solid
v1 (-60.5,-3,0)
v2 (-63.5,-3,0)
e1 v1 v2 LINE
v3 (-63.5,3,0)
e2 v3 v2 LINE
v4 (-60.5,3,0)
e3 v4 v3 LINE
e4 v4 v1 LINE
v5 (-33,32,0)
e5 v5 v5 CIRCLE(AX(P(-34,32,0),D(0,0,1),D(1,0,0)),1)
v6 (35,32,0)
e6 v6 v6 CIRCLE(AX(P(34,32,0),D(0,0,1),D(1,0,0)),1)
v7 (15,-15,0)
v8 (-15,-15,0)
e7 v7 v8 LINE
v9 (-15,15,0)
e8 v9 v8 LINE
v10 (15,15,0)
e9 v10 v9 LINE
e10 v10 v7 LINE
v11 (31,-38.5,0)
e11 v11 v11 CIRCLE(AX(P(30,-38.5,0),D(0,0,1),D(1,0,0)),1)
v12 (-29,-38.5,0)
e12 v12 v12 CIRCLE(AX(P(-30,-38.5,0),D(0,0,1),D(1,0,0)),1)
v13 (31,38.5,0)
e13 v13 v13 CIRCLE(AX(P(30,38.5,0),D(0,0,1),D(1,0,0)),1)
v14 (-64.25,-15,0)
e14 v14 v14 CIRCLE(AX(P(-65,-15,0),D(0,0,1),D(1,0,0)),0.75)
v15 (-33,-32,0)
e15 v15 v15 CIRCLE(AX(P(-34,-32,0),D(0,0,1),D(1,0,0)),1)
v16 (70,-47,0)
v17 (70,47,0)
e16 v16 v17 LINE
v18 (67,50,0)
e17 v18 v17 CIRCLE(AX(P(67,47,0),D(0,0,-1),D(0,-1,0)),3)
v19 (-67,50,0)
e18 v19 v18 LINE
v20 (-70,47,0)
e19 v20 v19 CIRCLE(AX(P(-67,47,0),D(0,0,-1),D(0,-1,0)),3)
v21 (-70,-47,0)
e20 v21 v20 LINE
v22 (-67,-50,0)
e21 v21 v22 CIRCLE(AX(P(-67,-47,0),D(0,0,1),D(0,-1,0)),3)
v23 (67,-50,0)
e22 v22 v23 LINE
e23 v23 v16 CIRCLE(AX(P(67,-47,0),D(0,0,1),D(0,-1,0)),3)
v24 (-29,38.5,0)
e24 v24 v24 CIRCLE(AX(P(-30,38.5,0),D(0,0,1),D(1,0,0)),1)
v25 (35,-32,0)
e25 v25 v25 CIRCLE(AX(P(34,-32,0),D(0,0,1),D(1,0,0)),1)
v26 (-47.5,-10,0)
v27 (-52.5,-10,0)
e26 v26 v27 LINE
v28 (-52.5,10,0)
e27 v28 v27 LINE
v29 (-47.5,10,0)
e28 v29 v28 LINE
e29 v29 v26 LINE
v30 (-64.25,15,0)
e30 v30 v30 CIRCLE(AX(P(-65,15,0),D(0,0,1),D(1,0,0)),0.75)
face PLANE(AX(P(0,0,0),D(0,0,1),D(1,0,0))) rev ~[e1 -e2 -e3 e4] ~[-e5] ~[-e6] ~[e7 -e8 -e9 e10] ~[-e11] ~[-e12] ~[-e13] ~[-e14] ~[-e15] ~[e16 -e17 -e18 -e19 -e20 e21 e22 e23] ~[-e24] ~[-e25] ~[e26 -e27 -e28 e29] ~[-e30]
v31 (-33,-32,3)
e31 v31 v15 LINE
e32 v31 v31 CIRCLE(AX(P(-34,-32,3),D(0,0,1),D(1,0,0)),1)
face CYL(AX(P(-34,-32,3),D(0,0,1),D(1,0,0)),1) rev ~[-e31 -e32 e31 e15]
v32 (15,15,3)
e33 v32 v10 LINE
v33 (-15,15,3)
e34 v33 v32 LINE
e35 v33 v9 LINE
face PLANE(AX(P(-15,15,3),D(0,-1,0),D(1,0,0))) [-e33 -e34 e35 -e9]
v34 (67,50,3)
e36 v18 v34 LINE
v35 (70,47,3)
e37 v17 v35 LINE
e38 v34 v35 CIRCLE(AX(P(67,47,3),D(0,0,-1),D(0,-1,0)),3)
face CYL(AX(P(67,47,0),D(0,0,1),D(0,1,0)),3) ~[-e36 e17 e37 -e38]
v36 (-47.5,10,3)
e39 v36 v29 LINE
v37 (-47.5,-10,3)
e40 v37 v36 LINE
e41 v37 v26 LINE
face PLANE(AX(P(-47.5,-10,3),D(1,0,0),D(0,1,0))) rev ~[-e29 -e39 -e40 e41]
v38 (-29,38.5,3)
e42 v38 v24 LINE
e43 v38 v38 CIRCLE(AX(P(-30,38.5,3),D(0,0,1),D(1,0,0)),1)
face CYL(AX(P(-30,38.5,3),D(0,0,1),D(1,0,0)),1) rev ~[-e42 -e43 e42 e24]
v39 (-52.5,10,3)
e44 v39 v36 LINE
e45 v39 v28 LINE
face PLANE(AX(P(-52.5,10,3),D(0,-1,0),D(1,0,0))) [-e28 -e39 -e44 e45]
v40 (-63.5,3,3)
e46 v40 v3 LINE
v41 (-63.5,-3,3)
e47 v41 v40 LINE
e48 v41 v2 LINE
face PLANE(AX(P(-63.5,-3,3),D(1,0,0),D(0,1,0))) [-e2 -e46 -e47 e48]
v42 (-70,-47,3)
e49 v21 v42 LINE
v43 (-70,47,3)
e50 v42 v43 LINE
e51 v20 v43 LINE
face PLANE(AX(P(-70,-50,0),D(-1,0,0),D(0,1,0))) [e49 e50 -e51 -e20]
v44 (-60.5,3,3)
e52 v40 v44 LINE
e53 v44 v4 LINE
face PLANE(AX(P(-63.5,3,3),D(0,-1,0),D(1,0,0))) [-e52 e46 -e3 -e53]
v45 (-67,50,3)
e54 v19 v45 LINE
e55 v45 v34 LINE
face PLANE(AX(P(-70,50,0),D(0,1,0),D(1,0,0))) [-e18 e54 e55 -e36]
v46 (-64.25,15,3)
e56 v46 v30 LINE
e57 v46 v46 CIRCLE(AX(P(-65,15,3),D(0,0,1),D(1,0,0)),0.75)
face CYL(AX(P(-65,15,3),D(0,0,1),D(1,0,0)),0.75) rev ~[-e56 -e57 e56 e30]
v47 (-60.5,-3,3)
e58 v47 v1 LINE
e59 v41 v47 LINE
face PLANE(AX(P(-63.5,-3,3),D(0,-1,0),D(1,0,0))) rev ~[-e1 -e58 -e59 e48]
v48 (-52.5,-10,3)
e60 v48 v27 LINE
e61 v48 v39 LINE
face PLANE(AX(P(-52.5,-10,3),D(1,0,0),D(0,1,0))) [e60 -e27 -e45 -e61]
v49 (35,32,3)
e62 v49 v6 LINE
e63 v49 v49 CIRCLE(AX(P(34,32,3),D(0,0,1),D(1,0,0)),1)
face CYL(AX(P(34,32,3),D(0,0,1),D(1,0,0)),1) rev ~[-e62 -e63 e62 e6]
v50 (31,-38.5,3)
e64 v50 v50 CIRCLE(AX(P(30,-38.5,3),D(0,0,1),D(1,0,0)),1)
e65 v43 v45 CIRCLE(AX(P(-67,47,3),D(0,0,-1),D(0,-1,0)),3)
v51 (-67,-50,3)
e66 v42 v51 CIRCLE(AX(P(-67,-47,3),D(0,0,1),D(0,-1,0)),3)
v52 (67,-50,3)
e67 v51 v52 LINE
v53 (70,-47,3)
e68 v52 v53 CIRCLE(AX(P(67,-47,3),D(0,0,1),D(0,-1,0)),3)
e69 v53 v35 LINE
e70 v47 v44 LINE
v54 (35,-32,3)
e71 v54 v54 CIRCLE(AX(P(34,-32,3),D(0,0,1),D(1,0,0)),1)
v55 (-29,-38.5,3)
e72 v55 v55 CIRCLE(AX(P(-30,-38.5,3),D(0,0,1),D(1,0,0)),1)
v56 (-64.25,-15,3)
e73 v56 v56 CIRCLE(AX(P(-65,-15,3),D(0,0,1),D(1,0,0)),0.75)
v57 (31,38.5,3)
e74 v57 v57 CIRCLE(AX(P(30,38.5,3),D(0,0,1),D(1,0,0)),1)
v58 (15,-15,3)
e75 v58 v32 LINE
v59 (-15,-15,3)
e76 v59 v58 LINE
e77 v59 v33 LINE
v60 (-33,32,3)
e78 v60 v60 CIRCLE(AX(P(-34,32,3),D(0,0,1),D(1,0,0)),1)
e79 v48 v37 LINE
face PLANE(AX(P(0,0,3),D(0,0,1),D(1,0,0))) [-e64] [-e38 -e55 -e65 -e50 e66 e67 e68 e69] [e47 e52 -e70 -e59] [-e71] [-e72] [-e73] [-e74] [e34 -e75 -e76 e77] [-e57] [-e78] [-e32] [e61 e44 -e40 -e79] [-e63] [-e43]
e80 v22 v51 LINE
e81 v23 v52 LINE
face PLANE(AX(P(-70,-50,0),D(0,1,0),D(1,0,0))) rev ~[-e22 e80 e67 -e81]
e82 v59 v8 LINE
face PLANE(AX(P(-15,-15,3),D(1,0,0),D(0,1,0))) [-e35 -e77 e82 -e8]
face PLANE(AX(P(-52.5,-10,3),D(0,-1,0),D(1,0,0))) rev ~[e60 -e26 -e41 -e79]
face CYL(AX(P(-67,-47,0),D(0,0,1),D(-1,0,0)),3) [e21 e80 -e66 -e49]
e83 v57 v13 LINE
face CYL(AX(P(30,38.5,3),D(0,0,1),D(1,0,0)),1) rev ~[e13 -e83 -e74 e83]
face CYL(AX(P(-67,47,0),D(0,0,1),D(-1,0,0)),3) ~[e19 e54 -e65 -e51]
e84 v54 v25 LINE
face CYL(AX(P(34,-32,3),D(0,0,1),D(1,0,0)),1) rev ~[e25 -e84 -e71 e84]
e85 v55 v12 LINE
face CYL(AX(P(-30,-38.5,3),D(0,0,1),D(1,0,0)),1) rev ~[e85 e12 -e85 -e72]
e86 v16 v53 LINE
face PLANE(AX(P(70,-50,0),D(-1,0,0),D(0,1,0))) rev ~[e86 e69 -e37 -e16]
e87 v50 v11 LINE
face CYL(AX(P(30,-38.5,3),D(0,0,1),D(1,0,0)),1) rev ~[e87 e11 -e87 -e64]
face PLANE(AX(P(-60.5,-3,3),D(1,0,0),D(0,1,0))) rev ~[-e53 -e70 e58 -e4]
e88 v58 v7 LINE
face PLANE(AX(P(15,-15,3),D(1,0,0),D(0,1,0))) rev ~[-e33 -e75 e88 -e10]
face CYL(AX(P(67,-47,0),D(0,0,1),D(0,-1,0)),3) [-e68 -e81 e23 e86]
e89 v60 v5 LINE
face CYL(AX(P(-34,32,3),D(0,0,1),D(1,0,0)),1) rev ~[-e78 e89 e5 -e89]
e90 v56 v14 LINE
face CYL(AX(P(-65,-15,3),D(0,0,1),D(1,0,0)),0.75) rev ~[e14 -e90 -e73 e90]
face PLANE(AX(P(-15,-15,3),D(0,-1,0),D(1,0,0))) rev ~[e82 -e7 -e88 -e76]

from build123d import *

# Parameters (mm, degrees)
SKETCH1_W           = 140
SKETCH1_H           = 100
BOSS_EXTRUDE1_DEPTH = 3
SKETCH2_R           = 1
CUT_EXTRUDE1_DEPTH  = 3
CUT_EXTRUDE2_REACH  = 88.076
SKETCH3_R           = 1
CUT_EXTRUDE3_REACH  = 88.076
SKETCH4_R           = 0.75
SKETCH4_W           = 30
SKETCH4_H           = 30
FILLET1_R           = 3
CUT_EXTRUDE4_REACH  = 88.076
SKETCH5_W           = 5
SKETCH5_H           = 20
CUT_EXTRUDE5_REACH  = 88.076
SKETCH6_W           = 3
SKETCH6_H           = 6


with BuildPart() as part:
    # Sketch1 → Boss-Extrude1 (new body)
    with BuildSketch(Plane.XY):
        Rectangle(SKETCH1_W, SKETCH1_H)
    extrude(amount=BOSS_EXTRUDE1_DEPTH)

    # Sketch2 → Cut-Extrude1 (cut)
    with BuildSketch(Plane.XY.offset(3)):
        with Locations((30, 38.5)):
            Circle(SKETCH2_R)
        with Locations((-30, 38.5)):
            Circle(SKETCH2_R)
        with Locations((30, -38.5)):
            Circle(SKETCH2_R)
        with Locations((-30, -38.5)):
            Circle(SKETCH2_R)
    extrude(amount=-CUT_EXTRUDE1_DEPTH, mode=Mode.SUBTRACT)

    # Sketch3 → Cut-Extrude2 (cut, up to next)
    with BuildSketch(Plane.XY.offset(3), mode=Mode.PRIVATE) as cut_extrude2_sk1:
        with Locations((34, 32)):
            Circle(SKETCH3_R)
    cut_extrude2_tool1 = extrude(cut_extrude2_sk1.sketch, amount=-CUT_EXTRUDE2_REACH, mode=Mode.PRIVATE) & part.part
    # Sketch3 → Cut-Extrude2 (cut, up to next)
    with BuildSketch(Plane.XY.offset(3), mode=Mode.PRIVATE) as cut_extrude2_sk2:
        with Locations((34, -32)):
            Circle(SKETCH3_R)
    cut_extrude2_tool2 = extrude(cut_extrude2_sk2.sketch, amount=-CUT_EXTRUDE2_REACH, mode=Mode.PRIVATE) & part.part
    # Sketch3 → Cut-Extrude2 (cut, up to next)
    with BuildSketch(Plane.XY.offset(3), mode=Mode.PRIVATE) as cut_extrude2_sk3:
        with Locations((-34, 32)):
            Circle(SKETCH3_R)
    cut_extrude2_tool3 = extrude(cut_extrude2_sk3.sketch, amount=-CUT_EXTRUDE2_REACH, mode=Mode.PRIVATE) & part.part
    # Sketch3 → Cut-Extrude2 (cut, up to next)
    with BuildSketch(Plane.XY.offset(3), mode=Mode.PRIVATE) as cut_extrude2_sk4:
        with Locations((-34, -32)):
            Circle(SKETCH3_R)
    cut_extrude2_tool4 = extrude(cut_extrude2_sk4.sketch, amount=-CUT_EXTRUDE2_REACH, mode=Mode.PRIVATE) & part.part
    add(cut_extrude2_tool1.solids().sort_by_distance((34, 32, 3))[0], mode=Mode.SUBTRACT)
    add(cut_extrude2_tool2.solids().sort_by_distance((34, -32, 3))[0], mode=Mode.SUBTRACT)
    add(cut_extrude2_tool3.solids().sort_by_distance((-34, 32, 3))[0], mode=Mode.SUBTRACT)
    add(cut_extrude2_tool4.solids().sort_by_distance((-34, -32, 3))[0], mode=Mode.SUBTRACT)

    # Sketch4 → Cut-Extrude3 (cut, up to next)
    with BuildSketch(Plane.XY.offset(3), mode=Mode.PRIVATE) as cut_extrude3_sk1:
        with Locations((-65, 15)):
            Circle(SKETCH4_R)
    cut_extrude3_tool1 = extrude(cut_extrude3_sk1.sketch, amount=-CUT_EXTRUDE3_REACH, mode=Mode.PRIVATE) & part.part
    # Sketch4 → Cut-Extrude3 (cut, up to next)
    with BuildSketch(Plane.XY.offset(3), mode=Mode.PRIVATE) as cut_extrude3_sk2:
        with Locations((-65, -15)):
            Circle(SKETCH4_R)
    cut_extrude3_tool2 = extrude(cut_extrude3_sk2.sketch, amount=-CUT_EXTRUDE3_REACH, mode=Mode.PRIVATE) & part.part
    # Sketch4 → Cut-Extrude3 (cut, up to next)
    with BuildSketch(Plane.XY.offset(3), mode=Mode.PRIVATE) as cut_extrude3_sk3:
        Rectangle(SKETCH4_W, SKETCH4_H)
    cut_extrude3_tool3 = extrude(cut_extrude3_sk3.sketch, amount=-CUT_EXTRUDE3_REACH, mode=Mode.PRIVATE) & part.part
    add(cut_extrude3_tool1.solids().sort_by_distance((-65, 15, 3))[0], mode=Mode.SUBTRACT)
    add(cut_extrude3_tool2.solids().sort_by_distance((-65, -15, 3))[0], mode=Mode.SUBTRACT)
    add(cut_extrude3_tool3.solids().sort_by_distance((0, 0, 3))[0], mode=Mode.SUBTRACT)

    # Fillet1
    fillet1_edges = [part.edges().sort_by_distance(p)[0] for p in [
        (70, -50, 1.5),
        (-70, -50, 1.5),
        (-70, 50, 1.5),
        (70, 50, 1.5),
    ]]
    fillet(fillet1_edges, radius=FILLET1_R)

    # Sketch5 → Cut-Extrude4 (cut, up to next)
    with BuildSketch(Plane.XY.offset(3), mode=Mode.PRIVATE) as cut_extrude4_sk1:
        with Locations((-50, 0)):
            Rectangle(SKETCH5_W, SKETCH5_H)
    cut_extrude4_tool1 = extrude(cut_extrude4_sk1.sketch, amount=-CUT_EXTRUDE4_REACH, mode=Mode.PRIVATE) & part.part
    add(cut_extrude4_tool1.solids().sort_by_distance((-50, 0, 3))[0], mode=Mode.SUBTRACT)

    # Sketch6 → Cut-Extrude5 (cut, up to next)
    with BuildSketch(Plane.XY.offset(3), mode=Mode.PRIVATE) as cut_extrude5_sk1:
        with Locations((-62, 0)):
            Rectangle(SKETCH6_W, SKETCH6_H)
    cut_extrude5_tool1 = extrude(cut_extrude5_sk1.sketch, amount=-CUT_EXTRUDE5_REACH, mode=Mode.PRIVATE) & part.part
    add(cut_extrude5_tool1.solids().sort_by_distance((-62, 0, 3))[0], mode=Mode.SUBTRACT)


solid = part.part
